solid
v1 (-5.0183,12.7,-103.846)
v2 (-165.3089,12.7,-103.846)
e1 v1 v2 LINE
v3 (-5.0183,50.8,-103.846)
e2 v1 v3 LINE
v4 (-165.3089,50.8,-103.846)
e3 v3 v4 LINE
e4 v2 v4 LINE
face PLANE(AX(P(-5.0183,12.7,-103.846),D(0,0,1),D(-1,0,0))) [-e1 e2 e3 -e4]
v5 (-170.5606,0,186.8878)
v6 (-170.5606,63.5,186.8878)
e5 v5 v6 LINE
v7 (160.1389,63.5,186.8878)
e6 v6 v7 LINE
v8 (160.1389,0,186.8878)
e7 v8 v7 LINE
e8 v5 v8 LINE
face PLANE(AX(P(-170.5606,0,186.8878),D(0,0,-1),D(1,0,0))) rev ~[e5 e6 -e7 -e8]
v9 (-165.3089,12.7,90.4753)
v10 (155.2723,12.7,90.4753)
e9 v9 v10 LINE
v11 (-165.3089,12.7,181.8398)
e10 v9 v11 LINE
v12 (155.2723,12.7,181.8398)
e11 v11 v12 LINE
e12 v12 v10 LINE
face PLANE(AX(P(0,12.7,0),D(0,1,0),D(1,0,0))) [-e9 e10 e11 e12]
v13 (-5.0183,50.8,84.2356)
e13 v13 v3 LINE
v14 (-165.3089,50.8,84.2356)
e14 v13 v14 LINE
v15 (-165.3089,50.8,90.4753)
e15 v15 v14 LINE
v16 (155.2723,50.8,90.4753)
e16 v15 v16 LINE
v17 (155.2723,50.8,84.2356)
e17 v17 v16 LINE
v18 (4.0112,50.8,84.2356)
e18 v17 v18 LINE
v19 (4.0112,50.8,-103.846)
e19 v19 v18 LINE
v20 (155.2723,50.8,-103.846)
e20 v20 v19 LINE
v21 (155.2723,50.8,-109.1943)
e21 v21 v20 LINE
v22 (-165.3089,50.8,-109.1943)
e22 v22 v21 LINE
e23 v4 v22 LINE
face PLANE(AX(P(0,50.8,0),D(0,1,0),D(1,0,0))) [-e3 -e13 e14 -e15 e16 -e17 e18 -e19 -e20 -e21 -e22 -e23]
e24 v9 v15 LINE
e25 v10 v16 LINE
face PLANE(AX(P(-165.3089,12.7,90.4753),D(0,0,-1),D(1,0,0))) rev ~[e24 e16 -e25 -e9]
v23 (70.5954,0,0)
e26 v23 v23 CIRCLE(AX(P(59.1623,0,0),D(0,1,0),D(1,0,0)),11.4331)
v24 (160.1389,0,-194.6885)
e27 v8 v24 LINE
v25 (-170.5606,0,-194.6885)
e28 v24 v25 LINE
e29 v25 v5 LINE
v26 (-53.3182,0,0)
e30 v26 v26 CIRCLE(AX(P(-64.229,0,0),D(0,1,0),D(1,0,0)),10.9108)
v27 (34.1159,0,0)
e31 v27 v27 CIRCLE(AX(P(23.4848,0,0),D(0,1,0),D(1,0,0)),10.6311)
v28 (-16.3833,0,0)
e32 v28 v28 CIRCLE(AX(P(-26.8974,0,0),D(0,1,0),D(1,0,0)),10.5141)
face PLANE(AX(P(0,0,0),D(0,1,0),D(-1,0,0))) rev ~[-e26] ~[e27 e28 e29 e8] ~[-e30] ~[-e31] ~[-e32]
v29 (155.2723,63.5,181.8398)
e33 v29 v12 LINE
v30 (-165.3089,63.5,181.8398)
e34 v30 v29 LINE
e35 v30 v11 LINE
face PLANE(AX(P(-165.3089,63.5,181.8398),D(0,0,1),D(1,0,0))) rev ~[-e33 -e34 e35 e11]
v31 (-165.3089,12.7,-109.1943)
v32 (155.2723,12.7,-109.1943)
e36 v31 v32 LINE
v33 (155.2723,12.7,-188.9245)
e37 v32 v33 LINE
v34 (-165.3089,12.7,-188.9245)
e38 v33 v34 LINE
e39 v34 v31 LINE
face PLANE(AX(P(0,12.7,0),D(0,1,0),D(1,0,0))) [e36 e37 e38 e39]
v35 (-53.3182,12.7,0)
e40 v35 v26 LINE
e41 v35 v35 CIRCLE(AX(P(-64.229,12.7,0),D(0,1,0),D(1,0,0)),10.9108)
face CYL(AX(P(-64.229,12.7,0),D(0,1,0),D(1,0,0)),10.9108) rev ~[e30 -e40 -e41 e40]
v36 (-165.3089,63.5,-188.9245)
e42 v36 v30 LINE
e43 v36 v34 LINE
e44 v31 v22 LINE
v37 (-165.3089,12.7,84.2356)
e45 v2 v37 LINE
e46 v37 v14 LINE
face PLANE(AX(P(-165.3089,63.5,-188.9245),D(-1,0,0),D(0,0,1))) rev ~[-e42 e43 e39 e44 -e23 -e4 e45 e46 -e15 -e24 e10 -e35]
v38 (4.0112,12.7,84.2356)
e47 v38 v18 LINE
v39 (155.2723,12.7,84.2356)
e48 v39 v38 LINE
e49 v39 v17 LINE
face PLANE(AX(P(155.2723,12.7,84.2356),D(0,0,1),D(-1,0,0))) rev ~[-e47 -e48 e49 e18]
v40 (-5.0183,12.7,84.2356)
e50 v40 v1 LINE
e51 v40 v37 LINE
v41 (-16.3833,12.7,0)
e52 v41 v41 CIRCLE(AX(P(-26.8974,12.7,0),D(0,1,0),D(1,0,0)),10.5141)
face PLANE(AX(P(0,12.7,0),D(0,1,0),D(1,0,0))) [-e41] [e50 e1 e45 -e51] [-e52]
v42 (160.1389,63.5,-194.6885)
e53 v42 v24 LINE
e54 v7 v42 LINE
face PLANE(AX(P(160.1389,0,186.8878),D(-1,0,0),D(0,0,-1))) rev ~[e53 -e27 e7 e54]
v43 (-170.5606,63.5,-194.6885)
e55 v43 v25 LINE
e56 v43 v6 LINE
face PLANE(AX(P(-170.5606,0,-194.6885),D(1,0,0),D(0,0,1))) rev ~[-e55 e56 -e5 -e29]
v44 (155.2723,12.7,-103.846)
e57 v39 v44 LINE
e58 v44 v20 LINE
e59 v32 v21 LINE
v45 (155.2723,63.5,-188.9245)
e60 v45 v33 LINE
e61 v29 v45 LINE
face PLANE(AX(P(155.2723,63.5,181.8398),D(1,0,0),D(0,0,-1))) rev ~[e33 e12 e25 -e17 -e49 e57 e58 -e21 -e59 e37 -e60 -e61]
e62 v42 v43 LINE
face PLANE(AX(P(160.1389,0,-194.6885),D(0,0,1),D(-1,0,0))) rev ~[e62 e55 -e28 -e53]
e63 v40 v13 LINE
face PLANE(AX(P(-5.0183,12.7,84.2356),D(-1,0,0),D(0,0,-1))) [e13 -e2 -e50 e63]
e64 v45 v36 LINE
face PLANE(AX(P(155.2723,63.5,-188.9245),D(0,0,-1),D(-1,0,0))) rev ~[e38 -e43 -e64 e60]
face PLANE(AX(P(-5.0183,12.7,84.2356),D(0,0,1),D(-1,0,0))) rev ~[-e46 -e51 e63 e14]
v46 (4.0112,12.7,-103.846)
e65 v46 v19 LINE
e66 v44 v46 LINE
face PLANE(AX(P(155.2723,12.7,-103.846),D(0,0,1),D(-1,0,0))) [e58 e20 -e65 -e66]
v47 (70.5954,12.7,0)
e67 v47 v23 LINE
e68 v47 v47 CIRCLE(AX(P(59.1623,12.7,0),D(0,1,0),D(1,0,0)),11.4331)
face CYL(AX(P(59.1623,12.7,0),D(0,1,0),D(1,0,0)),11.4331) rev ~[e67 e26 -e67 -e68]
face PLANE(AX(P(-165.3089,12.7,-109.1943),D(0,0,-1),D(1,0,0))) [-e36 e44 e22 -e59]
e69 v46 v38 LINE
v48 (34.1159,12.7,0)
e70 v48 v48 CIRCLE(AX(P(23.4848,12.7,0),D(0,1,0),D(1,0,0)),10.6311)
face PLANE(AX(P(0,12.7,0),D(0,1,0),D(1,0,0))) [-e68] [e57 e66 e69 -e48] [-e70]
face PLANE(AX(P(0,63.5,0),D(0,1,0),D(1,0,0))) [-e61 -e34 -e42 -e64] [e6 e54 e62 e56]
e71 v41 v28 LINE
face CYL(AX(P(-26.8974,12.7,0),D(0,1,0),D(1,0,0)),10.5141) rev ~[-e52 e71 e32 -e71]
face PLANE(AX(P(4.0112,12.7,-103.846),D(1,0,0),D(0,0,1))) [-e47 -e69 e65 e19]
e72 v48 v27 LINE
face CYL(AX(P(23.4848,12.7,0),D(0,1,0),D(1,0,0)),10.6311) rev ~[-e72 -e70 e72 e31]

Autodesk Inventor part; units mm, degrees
ref_plane "YZ Plane" through (0, 0, 0) normal (1, 0, 0) x (0, 1, 0)
ref_plane "XZ Plane" through (0, 0, 0) normal (0, 1, 0) x (-1, 0, 0)
ref_plane "XY Plane" through (0, 0, 0) normal (0, 0, 1) x (1, 0, 0)
sketch "Sketch2" plane through (0, 0, 0) normal (0, 1, 0) x (-1, 0, 0)
  line L0 (170.5606, 186.8878) -> (-160.1389, 186.8878)
  line L1 (-160.1389, 186.8878) -> (-160.1389, -194.6885)
  line L2 (-160.1389, -194.6885) -> (170.5606, -194.6885)
  line L3 (170.5606, -194.6885) -> (170.5606, 186.8878)
extrude "Extrusion1" add sketch "Sketch2" along normal blind 12.7
sketch "Sketch4" plane through (0, 12.7, 0) normal (0, 1, 0) x (1, 0, 0)
  line L0 (-170.5606, -186.8878) -> (160.1389, -186.8878) projected
  line L1 (160.1389, -186.8878) -> (160.1389, 194.6885) projected
  line L2 (-170.5606, -186.8878) -> (160.1389, -186.8878)
  line L3 (160.1389, -186.8878) -> (160.1389, 194.6885)
  line L4 (160.1389, 194.6885) -> (-170.5606, 194.6885)
  line L5 (-170.5606, 194.6885) -> (-170.5606, -186.8878)
  point P0 (0, 0)
extrude "Extrusion2" add sketch "Sketch4" along normal blind 50.8
sketch "Sketch5" plane through (0, 63.5, 0) normal (0, 1, 0) x (1, 0, 0)
  line L0 (-165.3089, -181.8398) -> (155.2723, -181.8398)
  line L1 (155.2723, -181.8398) -> (155.2723, 188.9245)
  line L2 (155.2723, 188.9245) -> (-165.3089, 188.9245)
  line L3 (-165.3089, 188.9245) -> (-165.3089, -181.8398)
  point P0 (0, 0)
extrude "Extrusion3" cut sketch "Sketch5" against normal blind 50.8
sketch "Sketch9" plane through (0, 12.7, 0) normal (0, 1, 0) x (1, 0, 0)
  line L0 (-165.3089, -181.8398) -> (-165.3089, 188.9245) projected
  line L1 (155.2723, 188.9245) -> (155.2723, -181.8398) projected
  line L2 (-165.3089, 109.1943) -> (155.2723, 109.1943)
  line L3 (155.2723, 109.1943) -> (155.2723, 103.846)
  line L4 (155.2723, 103.846) -> (-165.3089, 103.846)
  line L5 (-165.3089, 103.846) -> (-165.3089, 109.1943)
  line L6 (-165.3089, -90.4753) -> (155.2723, -90.4753)
  line L7 (155.2723, -90.4753) -> (155.2723, -84.2356)
  line L8 (155.2723, -84.2356) -> (-165.3089, -84.2356)
  line L9 (-165.3089, -84.2356) -> (-165.3089, -90.4753)
  line L10 (-5.0183, 103.846) -> (4.0112, 103.846)
  line L11 (4.0112, 103.846) -> (4.0112, -84.2356)
  line L12 (4.0112, -84.2356) -> (-5.0183, -84.2356)
  line L13 (-5.0183, -84.2356) -> (-5.0183, 103.846)
  point P0 (0, 0)
extrude "Extrusion6" add sketch "Sketch9" along normal blind 38.1 contours L0 L8 L1 L6 | L0 L2 L1 L4 | L13 L4 L11 L8
sketch "Sketch16" plane through (0, 12.7, 0) normal (0, 1, 0) x (1, 0, 0)
  circle A0 centre (23.4848, 0) radius 10.6311
  circle A1 centre (-26.8974, 0) radius 10.5141
  circle A2 centre (59.1623, 0) radius 11.4331
  circle A3 centre (-64.229, 0) radius 10.9108
  point P0 (0, 0)
extrude "Extrusion10" cut sketch "Sketch16" against normal blind 25.4
properties part number "Base no cutouts.stl"
